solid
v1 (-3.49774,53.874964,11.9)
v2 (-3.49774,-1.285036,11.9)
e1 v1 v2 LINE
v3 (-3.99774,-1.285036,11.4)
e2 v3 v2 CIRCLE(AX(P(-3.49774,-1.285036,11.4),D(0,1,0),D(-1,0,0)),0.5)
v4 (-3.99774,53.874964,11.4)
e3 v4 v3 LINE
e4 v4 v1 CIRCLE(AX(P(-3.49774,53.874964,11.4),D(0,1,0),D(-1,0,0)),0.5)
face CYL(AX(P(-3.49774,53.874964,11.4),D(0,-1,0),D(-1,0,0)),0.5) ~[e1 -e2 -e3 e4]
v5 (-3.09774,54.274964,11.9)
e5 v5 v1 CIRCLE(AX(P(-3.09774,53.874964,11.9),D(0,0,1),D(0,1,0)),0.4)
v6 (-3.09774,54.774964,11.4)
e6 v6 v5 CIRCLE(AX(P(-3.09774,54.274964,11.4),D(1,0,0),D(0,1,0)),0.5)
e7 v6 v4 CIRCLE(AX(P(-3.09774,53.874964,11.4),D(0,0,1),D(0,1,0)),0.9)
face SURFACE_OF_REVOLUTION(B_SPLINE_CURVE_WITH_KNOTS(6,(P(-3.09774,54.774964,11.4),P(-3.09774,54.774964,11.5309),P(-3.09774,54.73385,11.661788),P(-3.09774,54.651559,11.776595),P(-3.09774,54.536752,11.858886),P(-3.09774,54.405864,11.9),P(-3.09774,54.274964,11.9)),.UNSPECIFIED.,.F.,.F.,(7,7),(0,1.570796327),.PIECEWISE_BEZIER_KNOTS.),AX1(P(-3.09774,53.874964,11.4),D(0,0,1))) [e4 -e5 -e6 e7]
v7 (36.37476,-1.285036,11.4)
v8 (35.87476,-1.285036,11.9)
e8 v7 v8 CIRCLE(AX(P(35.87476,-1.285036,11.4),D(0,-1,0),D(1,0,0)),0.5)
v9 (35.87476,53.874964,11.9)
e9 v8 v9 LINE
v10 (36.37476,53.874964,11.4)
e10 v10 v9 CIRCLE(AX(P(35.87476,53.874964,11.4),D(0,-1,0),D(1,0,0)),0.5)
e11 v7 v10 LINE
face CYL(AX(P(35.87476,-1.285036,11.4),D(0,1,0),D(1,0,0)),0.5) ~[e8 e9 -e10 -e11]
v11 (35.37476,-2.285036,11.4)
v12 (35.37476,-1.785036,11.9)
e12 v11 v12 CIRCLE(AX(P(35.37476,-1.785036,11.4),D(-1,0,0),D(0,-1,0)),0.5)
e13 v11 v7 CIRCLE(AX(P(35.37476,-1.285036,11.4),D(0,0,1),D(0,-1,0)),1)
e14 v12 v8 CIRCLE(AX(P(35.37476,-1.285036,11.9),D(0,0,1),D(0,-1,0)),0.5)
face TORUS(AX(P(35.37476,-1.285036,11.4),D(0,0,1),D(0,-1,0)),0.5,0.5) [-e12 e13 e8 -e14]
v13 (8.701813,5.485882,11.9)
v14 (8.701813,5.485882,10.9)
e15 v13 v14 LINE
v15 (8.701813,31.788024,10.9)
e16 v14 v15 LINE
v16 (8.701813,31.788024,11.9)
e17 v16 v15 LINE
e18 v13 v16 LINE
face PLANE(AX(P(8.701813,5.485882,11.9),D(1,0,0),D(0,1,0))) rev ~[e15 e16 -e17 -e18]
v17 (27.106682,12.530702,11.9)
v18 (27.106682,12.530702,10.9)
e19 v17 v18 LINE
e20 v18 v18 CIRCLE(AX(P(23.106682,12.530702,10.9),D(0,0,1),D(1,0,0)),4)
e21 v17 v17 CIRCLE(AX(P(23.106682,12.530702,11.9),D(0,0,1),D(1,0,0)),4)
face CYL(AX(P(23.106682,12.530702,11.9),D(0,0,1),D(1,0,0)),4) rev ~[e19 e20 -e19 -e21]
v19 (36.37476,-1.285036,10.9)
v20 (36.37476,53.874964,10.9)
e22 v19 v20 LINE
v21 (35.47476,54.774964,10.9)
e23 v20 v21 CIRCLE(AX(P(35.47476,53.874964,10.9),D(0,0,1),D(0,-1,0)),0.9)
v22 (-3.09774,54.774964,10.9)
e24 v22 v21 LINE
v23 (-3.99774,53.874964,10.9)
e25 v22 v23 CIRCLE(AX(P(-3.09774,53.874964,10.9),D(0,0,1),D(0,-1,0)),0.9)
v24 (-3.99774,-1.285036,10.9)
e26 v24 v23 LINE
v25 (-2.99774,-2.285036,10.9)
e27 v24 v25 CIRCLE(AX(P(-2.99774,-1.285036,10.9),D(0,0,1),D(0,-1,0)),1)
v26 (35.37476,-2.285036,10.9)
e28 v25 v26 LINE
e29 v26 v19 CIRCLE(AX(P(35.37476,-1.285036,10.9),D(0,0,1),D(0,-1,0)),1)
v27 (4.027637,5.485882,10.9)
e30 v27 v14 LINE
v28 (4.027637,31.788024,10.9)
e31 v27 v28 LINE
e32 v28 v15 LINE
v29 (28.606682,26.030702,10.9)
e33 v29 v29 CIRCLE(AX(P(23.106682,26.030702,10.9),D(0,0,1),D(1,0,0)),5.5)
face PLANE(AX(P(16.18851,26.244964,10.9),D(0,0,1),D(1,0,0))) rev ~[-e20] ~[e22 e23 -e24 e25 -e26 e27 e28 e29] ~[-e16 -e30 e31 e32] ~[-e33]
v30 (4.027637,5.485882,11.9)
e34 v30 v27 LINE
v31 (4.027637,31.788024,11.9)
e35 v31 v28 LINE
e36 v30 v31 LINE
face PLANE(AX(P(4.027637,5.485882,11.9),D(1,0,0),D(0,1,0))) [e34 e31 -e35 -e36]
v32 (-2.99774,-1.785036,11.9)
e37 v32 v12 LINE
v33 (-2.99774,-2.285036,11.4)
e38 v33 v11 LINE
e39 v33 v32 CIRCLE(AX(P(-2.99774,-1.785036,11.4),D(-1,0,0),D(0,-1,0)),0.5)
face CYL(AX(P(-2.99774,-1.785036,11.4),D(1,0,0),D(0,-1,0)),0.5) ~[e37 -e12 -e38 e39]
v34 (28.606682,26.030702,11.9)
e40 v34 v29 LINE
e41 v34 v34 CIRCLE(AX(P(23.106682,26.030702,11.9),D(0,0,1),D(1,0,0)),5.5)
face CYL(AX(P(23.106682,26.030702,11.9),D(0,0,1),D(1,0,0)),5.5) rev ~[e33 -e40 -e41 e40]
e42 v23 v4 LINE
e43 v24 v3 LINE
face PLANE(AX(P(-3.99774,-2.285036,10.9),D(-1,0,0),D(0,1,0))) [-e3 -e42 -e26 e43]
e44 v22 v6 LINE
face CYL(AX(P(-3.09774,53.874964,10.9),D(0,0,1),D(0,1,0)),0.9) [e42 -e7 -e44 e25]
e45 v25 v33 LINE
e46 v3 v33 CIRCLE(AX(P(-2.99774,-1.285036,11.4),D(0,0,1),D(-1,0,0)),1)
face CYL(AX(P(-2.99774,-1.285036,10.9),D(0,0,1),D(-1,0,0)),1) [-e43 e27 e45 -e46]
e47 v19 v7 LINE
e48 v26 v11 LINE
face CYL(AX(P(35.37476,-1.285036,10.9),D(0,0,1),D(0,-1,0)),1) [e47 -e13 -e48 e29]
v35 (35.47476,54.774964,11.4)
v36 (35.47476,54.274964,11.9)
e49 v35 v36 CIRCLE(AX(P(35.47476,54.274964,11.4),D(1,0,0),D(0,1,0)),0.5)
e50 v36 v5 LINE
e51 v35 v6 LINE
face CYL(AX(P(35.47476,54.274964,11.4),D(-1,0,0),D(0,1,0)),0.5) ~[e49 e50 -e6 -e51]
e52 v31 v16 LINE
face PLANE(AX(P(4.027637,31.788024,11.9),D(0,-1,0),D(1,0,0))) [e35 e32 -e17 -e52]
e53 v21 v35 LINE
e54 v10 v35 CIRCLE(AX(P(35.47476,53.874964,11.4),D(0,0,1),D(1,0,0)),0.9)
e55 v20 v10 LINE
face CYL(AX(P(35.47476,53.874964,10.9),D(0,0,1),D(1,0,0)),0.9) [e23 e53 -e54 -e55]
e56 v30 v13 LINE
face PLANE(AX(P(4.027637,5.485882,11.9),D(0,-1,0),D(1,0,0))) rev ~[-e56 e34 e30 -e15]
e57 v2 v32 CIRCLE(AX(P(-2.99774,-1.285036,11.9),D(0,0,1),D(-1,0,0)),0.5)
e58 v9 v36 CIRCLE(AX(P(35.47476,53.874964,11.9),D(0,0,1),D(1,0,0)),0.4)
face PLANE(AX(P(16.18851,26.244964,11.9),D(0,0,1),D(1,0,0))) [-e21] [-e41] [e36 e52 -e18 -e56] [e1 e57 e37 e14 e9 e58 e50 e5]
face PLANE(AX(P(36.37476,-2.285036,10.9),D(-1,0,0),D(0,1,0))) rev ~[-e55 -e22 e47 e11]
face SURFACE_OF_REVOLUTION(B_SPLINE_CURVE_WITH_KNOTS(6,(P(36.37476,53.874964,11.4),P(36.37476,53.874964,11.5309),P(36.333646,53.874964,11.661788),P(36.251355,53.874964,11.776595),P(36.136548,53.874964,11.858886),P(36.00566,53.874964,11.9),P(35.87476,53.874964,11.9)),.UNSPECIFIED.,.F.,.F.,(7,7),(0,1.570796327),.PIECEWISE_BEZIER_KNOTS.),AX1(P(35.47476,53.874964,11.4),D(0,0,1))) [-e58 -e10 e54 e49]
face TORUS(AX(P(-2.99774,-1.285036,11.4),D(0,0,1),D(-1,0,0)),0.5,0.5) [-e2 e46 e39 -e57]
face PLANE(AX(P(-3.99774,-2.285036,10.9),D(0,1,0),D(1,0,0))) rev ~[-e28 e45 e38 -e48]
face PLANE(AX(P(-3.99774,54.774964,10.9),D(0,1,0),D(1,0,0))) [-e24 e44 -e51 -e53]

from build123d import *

# Parameters (mm, degrees)
SKETCH009_W     = 40.3725
SKETCH009_H     = 57.06
PAD005_DEPTH    = 1
SKETCH010_R     = 5.5
SKETCH010_R_2   = 4
SKETCH010_W     = 4.674176
SKETCH010_H     = 26.302142
POCKET003_DEPTH = 2
FILLET009_R     = 1
FILLET010_R     = 1
FILLET011_R     = 0.9
FILLET012_R     = 0.9
FILLET013_R     = 0.5


with BuildPart() as part:
    # Sketch009 → Pad005 (new body)
    with BuildSketch(Plane.XY.offset(10.9)):
        with Locations((16.18851, 26.244964)):
            Rectangle(SKETCH009_W, SKETCH009_H)
    extrude(amount=PAD005_DEPTH)

    # Sketch010 → Pocket003 (cut)
    with BuildSketch(Plane.XY.offset(11.9)):
        with Locations((23.106682, 26.030702)):
            Circle(SKETCH010_R)
        with Locations((23.106682, 12.530702)):
            Circle(SKETCH010_R_2)
        with Locations((6.364725, 18.636953)):
            Rectangle(SKETCH010_W, SKETCH010_H)
    extrude(amount=-POCKET003_DEPTH, mode=Mode.SUBTRACT)

    # Fillet009
    fillet009_edges = [part.edges().sort_by_distance(p)[0] for p in [
        (-3.99774, -2.285036, 11.4),
    ]]
    fillet(fillet009_edges, radius=FILLET009_R)

    # Fillet010
    fillet010_edges = [part.edges().sort_by_distance(p)[0] for p in [
        (36.37476, -2.285036, 11.4),
    ]]
    fillet(fillet010_edges, radius=FILLET010_R)

    # Fillet011
    fillet011_edges = [part.edges().sort_by_distance(p)[0] for p in [
        (36.37476, 54.774964, 11.4),
    ]]
    fillet(fillet011_edges, radius=FILLET011_R)

    # Fillet012
    fillet012_edges = [part.edges().sort_by_distance(p)[0] for p in [
        (-3.99774, 54.774964, 11.4),
    ]]
    fillet(fillet012_edges, radius=FILLET012_R)

    # Fillet013
    fillet013_edges = [part.edges().sort_by_distance(p)[0] for p in [
        (36.37476, 26.294964, 11.9),
    ]]
    fillet(fillet013_edges, radius=FILLET013_R)


solid = part.part
